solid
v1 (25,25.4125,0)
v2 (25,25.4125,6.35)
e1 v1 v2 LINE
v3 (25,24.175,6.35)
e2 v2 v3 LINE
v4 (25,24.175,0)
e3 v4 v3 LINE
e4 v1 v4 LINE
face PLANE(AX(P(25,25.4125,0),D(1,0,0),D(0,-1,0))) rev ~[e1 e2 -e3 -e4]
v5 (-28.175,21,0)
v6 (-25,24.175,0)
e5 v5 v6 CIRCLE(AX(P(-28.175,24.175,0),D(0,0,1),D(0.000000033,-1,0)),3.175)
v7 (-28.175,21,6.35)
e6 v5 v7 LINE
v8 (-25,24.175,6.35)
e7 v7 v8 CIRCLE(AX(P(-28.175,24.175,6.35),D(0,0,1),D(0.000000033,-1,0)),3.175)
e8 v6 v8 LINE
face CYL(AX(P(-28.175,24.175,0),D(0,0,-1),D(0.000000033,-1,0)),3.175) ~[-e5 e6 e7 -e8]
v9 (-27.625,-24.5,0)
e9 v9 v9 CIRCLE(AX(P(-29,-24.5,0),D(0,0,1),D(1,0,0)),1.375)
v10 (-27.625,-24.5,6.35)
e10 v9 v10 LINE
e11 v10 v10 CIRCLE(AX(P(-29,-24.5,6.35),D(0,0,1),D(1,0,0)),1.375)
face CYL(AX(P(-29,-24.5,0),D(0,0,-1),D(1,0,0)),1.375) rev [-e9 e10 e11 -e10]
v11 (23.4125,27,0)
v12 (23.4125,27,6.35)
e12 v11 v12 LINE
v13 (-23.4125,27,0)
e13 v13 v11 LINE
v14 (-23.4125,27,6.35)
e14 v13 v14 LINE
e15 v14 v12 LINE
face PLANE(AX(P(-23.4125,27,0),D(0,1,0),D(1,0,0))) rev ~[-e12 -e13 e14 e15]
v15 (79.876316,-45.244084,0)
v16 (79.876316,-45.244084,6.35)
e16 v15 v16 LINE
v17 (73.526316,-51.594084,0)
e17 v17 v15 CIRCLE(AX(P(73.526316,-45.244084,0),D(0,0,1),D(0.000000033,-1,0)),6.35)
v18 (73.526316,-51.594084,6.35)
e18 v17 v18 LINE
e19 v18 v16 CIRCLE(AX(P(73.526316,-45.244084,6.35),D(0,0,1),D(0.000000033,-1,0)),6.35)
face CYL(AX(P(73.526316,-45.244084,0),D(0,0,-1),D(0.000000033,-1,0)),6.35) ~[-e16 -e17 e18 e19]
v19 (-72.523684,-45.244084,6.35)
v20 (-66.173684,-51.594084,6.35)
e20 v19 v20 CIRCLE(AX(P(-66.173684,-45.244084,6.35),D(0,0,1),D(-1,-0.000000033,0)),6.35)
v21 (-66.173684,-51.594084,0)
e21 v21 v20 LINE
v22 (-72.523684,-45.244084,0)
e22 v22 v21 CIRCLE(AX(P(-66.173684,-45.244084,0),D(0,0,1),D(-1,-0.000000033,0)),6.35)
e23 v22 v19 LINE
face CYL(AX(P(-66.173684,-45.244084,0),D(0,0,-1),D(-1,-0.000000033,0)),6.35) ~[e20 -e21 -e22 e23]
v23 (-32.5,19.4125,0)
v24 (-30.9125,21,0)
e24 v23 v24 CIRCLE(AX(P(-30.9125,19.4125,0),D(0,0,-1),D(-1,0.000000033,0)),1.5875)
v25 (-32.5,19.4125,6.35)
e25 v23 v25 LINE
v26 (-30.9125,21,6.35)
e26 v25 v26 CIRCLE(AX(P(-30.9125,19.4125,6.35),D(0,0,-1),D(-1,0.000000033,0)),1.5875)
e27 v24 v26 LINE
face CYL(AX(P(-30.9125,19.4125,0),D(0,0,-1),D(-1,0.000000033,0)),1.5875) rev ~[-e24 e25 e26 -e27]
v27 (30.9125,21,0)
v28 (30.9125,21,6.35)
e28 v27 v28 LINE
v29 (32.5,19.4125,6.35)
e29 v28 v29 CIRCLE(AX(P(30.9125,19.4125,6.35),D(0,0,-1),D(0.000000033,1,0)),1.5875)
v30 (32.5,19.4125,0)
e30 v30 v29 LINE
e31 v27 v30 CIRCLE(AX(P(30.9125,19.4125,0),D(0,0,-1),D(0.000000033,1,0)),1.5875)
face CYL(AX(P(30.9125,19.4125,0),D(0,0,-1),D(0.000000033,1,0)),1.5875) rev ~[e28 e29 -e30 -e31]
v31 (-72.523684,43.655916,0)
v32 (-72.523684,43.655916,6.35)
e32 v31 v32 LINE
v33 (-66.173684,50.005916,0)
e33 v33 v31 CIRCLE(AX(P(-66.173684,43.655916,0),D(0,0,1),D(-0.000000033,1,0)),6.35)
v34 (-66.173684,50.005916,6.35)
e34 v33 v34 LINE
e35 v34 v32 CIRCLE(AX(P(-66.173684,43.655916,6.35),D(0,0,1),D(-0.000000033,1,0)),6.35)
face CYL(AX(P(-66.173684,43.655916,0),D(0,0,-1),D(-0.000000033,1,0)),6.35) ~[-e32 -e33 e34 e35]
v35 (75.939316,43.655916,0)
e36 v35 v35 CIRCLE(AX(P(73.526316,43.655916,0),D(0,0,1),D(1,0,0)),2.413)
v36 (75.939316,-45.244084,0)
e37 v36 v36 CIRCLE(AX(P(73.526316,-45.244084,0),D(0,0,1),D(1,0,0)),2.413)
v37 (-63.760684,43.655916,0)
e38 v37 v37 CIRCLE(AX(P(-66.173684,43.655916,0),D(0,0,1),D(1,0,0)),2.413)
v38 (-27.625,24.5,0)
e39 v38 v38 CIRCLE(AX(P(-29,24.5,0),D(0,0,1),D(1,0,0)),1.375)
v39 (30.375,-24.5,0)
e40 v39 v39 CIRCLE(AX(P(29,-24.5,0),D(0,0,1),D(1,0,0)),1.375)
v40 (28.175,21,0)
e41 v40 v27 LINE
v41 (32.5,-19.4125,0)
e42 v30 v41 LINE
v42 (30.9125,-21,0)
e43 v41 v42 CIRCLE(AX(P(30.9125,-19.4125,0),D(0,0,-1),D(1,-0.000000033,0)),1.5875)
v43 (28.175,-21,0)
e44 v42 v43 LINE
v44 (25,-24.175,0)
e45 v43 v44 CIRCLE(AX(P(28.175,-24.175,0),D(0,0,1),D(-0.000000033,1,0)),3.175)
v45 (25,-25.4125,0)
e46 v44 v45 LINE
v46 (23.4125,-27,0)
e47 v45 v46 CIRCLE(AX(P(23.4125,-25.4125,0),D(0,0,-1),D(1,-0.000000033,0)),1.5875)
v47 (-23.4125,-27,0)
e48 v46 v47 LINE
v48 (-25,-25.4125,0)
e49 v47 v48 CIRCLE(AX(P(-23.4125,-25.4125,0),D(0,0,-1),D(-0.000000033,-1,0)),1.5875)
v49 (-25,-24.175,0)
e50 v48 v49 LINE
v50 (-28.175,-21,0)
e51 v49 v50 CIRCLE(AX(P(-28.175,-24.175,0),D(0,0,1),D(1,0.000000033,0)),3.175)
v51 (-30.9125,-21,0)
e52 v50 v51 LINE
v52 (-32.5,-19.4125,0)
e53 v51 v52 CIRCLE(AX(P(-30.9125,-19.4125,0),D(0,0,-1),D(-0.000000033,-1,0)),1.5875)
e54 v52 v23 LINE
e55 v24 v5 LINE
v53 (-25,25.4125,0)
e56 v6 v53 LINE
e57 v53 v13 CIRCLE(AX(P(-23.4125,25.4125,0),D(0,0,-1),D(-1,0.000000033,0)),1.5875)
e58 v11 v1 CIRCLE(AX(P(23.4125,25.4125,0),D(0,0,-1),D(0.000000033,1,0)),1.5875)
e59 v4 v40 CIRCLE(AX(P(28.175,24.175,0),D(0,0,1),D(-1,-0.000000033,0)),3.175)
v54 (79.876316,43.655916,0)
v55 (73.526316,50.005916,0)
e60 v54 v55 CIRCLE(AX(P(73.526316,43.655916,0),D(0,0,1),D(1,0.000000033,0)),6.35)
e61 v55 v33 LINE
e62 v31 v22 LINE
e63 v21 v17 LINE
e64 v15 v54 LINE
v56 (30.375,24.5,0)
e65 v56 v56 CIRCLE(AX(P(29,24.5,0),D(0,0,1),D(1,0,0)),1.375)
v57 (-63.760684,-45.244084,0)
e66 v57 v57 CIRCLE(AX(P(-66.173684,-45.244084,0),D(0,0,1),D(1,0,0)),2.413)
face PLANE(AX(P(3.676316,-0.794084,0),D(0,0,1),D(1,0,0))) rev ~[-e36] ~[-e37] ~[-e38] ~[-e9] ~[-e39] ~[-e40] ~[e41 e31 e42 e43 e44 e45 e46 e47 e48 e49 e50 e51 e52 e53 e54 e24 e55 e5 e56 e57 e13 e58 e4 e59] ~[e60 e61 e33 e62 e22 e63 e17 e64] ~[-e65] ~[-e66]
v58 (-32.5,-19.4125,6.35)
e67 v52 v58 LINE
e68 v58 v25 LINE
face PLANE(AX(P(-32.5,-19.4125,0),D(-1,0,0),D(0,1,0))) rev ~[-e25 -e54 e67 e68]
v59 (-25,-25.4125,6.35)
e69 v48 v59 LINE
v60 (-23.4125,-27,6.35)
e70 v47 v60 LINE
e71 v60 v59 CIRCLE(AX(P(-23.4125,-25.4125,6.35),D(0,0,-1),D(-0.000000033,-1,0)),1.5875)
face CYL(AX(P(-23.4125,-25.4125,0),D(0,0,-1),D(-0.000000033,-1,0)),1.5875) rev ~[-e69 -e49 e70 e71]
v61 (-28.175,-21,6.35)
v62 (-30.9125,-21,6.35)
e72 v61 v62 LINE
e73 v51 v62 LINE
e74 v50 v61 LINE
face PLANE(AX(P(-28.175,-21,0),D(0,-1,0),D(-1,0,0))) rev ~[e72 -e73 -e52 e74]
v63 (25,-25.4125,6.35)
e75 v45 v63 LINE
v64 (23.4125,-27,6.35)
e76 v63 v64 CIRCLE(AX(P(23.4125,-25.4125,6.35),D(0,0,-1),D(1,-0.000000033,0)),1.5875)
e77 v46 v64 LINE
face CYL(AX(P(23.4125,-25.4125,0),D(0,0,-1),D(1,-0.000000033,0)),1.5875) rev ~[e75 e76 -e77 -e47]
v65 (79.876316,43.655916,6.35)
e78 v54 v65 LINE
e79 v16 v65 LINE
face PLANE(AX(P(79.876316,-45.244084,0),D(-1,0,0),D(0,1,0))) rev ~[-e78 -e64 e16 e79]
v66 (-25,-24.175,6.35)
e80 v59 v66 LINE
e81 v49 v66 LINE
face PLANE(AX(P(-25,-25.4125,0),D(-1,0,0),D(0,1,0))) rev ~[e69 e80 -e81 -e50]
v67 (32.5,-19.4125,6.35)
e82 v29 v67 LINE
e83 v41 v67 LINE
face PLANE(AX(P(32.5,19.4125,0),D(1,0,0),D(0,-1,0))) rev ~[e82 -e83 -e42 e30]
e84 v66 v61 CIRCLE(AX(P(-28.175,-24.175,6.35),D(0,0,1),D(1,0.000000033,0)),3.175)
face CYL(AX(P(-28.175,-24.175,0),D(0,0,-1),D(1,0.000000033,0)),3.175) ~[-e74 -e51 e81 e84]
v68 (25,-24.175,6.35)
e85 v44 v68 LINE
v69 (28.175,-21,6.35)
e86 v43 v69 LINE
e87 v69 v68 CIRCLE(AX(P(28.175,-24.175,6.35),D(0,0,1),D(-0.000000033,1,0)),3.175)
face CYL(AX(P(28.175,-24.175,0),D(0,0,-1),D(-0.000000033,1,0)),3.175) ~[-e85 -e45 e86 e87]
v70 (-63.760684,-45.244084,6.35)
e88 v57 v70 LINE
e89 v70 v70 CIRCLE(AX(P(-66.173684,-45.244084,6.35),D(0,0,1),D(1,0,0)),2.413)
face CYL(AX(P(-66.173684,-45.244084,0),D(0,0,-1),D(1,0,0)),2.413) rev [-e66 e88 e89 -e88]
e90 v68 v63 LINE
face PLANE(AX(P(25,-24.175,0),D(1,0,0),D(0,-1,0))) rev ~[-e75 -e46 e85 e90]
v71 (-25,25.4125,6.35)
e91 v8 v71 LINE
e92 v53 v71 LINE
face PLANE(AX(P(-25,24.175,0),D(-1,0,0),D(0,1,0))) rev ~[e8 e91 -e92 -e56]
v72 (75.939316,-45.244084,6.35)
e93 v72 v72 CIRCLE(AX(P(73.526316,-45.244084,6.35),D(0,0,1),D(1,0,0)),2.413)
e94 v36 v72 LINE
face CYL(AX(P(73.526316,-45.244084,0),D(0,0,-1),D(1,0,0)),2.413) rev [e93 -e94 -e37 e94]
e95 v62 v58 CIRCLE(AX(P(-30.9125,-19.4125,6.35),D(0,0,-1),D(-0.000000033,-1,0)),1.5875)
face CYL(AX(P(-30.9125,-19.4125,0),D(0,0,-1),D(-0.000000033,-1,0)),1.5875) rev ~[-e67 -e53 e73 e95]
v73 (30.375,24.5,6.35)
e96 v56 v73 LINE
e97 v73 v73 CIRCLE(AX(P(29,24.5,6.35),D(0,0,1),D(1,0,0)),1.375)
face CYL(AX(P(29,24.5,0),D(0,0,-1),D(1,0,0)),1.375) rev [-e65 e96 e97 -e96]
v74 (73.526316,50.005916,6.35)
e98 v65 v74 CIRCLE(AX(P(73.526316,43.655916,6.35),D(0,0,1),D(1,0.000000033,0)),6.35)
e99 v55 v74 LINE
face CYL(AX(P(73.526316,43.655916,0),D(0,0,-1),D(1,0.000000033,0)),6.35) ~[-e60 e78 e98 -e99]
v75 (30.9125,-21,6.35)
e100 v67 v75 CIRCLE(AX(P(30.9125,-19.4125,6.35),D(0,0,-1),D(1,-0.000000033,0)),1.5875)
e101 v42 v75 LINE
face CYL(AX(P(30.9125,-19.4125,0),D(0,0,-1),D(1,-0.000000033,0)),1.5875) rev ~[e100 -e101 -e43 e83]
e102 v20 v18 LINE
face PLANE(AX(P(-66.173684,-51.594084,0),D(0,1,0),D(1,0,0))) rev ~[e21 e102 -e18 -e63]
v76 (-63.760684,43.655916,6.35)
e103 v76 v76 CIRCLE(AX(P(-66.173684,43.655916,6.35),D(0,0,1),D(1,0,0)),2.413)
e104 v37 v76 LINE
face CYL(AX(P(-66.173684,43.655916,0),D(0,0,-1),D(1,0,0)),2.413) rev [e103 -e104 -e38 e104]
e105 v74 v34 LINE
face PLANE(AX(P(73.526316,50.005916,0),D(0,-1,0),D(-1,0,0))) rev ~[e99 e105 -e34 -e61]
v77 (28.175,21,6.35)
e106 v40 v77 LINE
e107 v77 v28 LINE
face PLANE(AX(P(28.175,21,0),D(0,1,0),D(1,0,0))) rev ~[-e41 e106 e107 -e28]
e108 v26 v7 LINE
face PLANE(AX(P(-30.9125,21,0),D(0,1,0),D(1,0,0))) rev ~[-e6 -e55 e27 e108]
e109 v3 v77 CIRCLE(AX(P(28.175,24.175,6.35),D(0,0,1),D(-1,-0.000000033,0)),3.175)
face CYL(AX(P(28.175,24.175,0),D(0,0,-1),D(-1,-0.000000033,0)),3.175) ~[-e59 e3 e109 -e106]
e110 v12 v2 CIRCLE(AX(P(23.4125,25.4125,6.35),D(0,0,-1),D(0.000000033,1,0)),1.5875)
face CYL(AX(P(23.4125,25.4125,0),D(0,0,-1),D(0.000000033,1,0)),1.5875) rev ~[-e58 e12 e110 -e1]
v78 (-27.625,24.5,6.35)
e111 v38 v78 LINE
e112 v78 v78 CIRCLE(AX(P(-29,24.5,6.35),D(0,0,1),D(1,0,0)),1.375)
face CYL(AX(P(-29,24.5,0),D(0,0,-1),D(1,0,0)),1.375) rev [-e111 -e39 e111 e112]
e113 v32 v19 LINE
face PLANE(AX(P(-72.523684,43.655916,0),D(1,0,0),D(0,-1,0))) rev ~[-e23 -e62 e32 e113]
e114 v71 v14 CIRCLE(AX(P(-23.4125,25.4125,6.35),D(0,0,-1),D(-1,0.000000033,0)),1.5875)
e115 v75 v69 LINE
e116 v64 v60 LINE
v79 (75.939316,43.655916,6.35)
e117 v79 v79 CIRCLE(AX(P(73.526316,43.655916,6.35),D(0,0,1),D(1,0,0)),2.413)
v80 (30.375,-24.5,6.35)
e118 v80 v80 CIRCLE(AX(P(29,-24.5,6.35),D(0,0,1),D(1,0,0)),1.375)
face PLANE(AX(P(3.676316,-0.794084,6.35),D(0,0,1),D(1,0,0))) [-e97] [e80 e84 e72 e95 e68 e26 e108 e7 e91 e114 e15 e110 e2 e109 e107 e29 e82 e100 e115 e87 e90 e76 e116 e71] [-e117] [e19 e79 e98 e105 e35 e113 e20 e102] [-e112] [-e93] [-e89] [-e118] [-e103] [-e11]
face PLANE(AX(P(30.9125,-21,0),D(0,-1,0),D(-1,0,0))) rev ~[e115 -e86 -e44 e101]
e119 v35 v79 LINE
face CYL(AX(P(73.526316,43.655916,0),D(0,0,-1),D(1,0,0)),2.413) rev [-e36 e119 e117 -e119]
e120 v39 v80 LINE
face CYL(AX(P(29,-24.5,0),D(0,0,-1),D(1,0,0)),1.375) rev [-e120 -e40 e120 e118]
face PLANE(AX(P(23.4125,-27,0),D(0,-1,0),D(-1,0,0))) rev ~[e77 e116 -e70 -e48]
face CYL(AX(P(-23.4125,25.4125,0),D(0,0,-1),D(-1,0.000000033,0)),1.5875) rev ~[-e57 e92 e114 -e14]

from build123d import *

# Parameters (mm, degrees)
F0_R     = 2.413
F0_R_2   = 1.375
F1_DEPTH = 6.35


with BuildPart() as f1:
    # F0 (on Top) → F1 (new body)
    with BuildSketch(Plane.XY):
        with BuildLine():
            ThreePointArc((-72.523684, -45.244084), (-70.663812, -49.734212), (-66.173684, -51.594084))
            Line((-66.173684, -51.594084), (73.526316, -51.594084))
            ThreePointArc((73.526316, -51.594084), (78.016444, -49.734212), (79.876316, -45.244084))
            Line((79.876316, -45.244084), (79.876316, 43.655916))
            ThreePointArc((79.876316, 43.655916), (78.016444, 48.146044), (73.526316, 50.005916))
            Line((73.526316, 50.005916), (-66.173684, 50.005916))
            ThreePointArc((-66.173684, 50.005916), (-70.663812, 48.146044), (-72.523684, 43.655916))
            Line((-72.523684, 43.655916), (-72.523684, -45.244084))
        make_face()
        with Locations((-66.173684, -45.244084)):
            Circle(F0_R, mode=Mode.SUBTRACT)
        with Locations((-29, -24.5)):
            Circle(F0_R_2, mode=Mode.SUBTRACT)
        with Locations((73.526316, -45.244084)):
            Circle(F0_R, mode=Mode.SUBTRACT)
        with Locations((29, -24.5)):
            Circle(F0_R_2, mode=Mode.SUBTRACT)
        with BuildLine():
            ThreePointArc((-32.5, 19.4125), (-32.035032, 20.535032), (-30.9125, 21))
            Line((-30.9125, 21), (-28.175, 21))
            ThreePointArc((-28.175, 21), (-25.929936, 21.929936), (-25, 24.175))
            Line((-25, 24.175), (-25, 25.4125))
            ThreePointArc((-25, 25.4125), (-24.535032, 26.535032), (-23.4125, 27))
            Line((-23.4125, 27), (23.4125, 27))
            ThreePointArc((23.4125, 27), (24.535032, 26.535032), (25, 25.4125))
            Line((25, 25.4125), (25, 24.175))
            ThreePointArc((25, 24.175), (25.929936, 21.929936), (28.175, 21))
            Line((28.175, 21), (30.9125, 21))
            ThreePointArc((30.9125, 21), (32.035032, 20.535032), (32.5, 19.4125))
            Line((32.5, 19.4125), (32.5, -19.4125))
            ThreePointArc((32.5, -19.4125), (32.035032, -20.535032), (30.9125, -21))
            Line((30.9125, -21), (28.175, -21))
            ThreePointArc((28.175, -21), (25.929936, -21.929936), (25, -24.175))
            Line((25, -24.175), (25, -25.4125))
            ThreePointArc((25, -25.4125), (24.535032, -26.535032), (23.4125, -27))
            Line((23.4125, -27), (-23.4125, -27))
            ThreePointArc((-23.4125, -27), (-24.535032, -26.535032), (-25, -25.4125))
            Line((-25, -25.4125), (-25, -24.175))
            ThreePointArc((-25, -24.175), (-25.929936, -21.929936), (-28.175, -21))
            Line((-28.175, -21), (-30.9125, -21))
            ThreePointArc((-30.9125, -21), (-32.035032, -20.535032), (-32.5, -19.4125))
            Line((-32.5, -19.4125), (-32.5, 19.4125))
        make_face(mode=Mode.SUBTRACT)
        with Locations((-29, 24.5)):
            Circle(F0_R_2, mode=Mode.SUBTRACT)
        with Locations((-66.173684, 43.655916)):
            Circle(F0_R, mode=Mode.SUBTRACT)
        with Locations((29, 24.5)):
            Circle(F0_R_2, mode=Mode.SUBTRACT)
        with Locations((73.526316, 43.655916)):
            Circle(F0_R, mode=Mode.SUBTRACT)
    extrude(amount=F1_DEPTH)


solid = f1.part
